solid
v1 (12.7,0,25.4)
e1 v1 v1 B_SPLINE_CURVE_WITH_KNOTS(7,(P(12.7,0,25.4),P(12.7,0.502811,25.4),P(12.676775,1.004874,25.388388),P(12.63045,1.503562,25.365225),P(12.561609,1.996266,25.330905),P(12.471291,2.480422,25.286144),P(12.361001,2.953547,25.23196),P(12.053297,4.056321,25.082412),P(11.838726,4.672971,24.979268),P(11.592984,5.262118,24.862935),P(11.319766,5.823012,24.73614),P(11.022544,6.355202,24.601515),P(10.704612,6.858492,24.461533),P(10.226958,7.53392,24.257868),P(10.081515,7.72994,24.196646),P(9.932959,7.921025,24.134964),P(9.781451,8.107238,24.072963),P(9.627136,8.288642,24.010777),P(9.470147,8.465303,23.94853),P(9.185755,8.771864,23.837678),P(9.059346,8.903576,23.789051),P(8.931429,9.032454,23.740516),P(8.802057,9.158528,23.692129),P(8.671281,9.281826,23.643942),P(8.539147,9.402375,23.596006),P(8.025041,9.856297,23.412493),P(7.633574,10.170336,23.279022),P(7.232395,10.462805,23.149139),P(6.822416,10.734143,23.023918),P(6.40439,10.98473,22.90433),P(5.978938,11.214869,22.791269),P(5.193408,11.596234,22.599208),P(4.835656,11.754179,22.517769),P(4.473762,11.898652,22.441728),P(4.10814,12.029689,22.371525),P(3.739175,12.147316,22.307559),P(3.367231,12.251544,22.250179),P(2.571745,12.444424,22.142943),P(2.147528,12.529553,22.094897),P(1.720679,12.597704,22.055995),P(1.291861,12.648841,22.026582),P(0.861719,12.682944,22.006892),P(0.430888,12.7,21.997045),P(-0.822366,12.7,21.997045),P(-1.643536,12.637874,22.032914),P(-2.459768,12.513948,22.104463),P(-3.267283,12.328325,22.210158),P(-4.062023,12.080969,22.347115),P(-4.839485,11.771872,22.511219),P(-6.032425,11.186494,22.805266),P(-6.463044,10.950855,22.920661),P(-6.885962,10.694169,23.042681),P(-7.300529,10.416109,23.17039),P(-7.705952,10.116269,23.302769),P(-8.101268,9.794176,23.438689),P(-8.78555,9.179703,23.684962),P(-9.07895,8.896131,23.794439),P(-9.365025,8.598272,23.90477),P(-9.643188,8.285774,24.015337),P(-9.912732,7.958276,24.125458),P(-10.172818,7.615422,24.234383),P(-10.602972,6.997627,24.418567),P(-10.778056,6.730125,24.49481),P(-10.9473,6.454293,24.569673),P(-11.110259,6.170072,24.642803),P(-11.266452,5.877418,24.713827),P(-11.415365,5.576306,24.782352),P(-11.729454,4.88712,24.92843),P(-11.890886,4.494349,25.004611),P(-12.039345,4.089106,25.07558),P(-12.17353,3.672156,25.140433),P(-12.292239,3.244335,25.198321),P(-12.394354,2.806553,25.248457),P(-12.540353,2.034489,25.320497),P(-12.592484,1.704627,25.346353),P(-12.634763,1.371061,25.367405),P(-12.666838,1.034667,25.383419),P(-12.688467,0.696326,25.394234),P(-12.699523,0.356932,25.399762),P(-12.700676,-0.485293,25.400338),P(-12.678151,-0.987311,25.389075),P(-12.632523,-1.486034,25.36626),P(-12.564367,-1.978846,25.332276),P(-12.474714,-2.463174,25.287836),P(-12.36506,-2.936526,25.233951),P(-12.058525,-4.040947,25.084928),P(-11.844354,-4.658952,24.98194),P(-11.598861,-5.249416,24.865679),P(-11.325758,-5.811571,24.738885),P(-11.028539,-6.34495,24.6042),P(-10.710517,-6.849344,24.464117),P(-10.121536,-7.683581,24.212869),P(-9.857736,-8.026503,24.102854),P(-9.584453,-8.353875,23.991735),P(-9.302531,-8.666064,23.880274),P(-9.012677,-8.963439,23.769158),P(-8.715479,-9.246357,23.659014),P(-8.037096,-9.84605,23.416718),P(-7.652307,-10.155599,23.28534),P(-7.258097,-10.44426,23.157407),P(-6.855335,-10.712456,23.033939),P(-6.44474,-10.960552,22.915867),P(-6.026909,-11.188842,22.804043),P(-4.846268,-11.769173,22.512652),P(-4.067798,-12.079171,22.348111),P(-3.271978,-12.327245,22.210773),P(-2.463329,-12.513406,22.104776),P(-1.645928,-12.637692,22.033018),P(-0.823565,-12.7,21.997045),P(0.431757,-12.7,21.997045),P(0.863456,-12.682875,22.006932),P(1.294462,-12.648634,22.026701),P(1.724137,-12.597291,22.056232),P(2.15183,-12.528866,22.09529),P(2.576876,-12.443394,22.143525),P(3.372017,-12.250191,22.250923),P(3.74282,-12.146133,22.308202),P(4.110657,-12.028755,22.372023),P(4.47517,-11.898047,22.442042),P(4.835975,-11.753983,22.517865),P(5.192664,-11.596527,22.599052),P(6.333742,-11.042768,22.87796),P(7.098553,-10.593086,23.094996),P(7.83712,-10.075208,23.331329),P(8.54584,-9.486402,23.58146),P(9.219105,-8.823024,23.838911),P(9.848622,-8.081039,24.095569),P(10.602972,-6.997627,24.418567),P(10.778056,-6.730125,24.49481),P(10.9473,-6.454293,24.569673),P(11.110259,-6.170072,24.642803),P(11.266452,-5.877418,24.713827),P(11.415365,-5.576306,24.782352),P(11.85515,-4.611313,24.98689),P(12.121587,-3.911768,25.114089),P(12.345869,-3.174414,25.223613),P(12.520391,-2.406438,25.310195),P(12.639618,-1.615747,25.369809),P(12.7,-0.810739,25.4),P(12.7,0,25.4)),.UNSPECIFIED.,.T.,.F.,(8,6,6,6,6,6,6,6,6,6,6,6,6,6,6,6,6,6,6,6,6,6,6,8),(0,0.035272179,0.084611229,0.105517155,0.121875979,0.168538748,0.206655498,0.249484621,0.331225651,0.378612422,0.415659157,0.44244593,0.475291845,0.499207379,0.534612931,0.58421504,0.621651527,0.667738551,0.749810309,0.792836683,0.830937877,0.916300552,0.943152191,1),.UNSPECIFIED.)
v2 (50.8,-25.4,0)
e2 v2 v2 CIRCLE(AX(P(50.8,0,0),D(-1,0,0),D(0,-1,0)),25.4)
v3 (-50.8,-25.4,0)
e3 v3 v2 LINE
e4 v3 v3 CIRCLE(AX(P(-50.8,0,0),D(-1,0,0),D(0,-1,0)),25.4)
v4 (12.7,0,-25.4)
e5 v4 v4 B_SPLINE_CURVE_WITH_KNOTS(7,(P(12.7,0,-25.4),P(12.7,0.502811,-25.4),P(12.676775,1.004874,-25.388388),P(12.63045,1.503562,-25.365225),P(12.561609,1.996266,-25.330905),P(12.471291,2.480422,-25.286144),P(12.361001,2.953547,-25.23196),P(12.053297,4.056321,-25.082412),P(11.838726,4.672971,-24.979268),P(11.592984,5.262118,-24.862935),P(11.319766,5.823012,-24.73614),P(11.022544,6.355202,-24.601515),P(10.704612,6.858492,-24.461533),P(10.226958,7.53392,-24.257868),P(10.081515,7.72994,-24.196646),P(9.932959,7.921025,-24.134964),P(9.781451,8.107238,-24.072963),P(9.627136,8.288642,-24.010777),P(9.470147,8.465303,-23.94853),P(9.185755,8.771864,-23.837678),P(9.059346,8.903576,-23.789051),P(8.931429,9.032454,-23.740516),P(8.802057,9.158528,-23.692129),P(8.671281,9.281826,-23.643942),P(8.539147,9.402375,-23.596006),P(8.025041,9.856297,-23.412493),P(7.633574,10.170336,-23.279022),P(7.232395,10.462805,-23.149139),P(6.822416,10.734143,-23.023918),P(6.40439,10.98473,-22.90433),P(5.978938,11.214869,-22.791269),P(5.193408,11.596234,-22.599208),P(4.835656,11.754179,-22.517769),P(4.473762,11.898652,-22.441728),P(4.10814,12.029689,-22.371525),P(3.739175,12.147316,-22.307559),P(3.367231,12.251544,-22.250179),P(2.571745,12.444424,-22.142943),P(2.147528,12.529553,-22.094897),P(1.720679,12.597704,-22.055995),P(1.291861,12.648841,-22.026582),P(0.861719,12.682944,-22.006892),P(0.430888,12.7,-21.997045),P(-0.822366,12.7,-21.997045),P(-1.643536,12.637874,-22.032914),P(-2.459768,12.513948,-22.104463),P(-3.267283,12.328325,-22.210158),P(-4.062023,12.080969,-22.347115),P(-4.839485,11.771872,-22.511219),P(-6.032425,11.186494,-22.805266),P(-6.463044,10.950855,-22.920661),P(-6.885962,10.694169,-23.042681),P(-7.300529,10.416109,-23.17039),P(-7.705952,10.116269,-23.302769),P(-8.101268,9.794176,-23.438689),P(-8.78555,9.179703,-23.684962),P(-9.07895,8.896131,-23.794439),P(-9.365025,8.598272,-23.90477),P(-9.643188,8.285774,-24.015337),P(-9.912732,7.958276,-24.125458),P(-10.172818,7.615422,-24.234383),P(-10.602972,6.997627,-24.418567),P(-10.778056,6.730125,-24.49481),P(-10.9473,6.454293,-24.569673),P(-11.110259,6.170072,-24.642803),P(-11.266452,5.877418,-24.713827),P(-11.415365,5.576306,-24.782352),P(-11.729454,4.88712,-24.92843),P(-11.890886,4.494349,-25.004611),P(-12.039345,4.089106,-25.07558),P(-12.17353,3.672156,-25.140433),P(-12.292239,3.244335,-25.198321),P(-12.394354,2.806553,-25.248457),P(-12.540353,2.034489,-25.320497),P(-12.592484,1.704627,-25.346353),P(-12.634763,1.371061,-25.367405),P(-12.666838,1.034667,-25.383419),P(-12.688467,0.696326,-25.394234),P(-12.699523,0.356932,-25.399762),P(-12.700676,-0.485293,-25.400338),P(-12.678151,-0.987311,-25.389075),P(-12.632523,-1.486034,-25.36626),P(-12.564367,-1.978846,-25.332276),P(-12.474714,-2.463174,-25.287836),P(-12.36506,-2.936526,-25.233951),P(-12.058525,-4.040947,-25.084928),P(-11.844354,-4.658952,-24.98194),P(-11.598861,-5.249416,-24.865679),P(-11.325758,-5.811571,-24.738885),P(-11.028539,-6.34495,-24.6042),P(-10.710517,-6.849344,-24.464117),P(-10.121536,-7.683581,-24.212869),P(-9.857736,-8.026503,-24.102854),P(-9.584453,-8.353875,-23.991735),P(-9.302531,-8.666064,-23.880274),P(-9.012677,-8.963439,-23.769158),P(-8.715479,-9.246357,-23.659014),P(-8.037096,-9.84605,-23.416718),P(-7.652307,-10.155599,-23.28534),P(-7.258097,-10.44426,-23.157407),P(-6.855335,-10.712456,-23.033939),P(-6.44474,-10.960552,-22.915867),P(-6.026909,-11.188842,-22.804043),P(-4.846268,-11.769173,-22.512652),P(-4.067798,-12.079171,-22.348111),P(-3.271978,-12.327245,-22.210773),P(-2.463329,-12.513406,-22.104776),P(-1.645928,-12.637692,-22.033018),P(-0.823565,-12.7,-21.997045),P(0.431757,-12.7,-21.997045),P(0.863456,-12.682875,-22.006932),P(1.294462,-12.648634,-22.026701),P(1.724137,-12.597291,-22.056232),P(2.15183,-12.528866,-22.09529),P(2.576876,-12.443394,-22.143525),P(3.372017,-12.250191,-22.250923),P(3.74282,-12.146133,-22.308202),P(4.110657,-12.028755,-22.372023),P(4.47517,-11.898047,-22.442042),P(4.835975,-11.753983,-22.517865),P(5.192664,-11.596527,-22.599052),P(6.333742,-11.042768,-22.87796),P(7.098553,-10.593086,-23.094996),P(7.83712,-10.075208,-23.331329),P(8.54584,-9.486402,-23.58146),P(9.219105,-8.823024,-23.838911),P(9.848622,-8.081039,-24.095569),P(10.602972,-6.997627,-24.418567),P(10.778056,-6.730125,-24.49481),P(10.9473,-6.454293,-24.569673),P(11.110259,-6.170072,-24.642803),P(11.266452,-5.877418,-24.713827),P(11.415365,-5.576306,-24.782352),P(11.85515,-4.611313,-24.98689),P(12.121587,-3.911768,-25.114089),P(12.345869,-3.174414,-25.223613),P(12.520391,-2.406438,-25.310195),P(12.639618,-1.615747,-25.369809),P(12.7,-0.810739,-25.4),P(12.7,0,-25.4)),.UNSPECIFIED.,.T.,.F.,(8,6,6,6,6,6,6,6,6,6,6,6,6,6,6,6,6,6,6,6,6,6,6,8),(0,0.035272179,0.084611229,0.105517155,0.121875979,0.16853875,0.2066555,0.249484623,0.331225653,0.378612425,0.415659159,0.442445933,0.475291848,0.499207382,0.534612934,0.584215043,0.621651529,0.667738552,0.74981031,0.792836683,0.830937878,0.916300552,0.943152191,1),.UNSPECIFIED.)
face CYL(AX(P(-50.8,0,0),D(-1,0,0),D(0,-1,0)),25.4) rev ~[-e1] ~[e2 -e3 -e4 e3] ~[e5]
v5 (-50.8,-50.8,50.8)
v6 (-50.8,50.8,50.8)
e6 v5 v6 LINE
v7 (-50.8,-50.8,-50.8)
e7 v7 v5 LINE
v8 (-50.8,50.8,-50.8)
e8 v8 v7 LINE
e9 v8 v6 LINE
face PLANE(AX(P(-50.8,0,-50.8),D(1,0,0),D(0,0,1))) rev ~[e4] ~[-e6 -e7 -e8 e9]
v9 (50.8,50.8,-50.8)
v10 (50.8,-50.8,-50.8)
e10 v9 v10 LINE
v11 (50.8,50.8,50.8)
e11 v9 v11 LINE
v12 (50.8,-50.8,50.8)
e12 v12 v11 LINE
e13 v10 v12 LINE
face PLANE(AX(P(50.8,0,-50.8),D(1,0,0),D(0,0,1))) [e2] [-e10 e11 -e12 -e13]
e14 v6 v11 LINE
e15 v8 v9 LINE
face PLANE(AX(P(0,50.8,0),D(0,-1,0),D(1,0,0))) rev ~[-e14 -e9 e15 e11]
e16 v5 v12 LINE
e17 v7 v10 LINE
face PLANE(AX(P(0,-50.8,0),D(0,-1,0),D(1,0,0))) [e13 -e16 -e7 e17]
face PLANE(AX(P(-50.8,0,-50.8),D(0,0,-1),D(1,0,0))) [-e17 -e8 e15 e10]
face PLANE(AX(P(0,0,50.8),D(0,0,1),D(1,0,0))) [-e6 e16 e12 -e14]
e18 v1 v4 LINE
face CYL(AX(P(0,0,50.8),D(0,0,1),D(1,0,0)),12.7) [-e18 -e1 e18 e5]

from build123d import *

# Parameters (mm, degrees)
F3_W     = 101.6
F3_H     = 101.6
F4_DEPTH = 50.8
F0_R     = 25.4
F5_DEPTH = 101.601
F1_R     = 12.7
F2_DEPTH = 101.6


with BuildPart() as f4:
    # F3 (on Front) → F4 (new body, symmetric)
    with BuildSketch(Plane.XZ):
        Rectangle(F3_W, F3_H)
    extrude(amount=F4_DEPTH, both=True)

    # F0 (on face) → F5 (cut, through all)
    with BuildSketch(Plane(origin=(-50.8, 0, 0), x_dir=(0, -1, 0), z_dir=(-1, 0, 0))):
        Circle(F0_R)
    extrude(amount=-F5_DEPTH, mode=Mode.SUBTRACT)

    # F1 (on face) → F2 (join)
    with BuildSketch(Plane.XY.offset(50.8)):
        Circle(F1_R)
    extrude(amount=-F2_DEPTH)


solid = f4.part
